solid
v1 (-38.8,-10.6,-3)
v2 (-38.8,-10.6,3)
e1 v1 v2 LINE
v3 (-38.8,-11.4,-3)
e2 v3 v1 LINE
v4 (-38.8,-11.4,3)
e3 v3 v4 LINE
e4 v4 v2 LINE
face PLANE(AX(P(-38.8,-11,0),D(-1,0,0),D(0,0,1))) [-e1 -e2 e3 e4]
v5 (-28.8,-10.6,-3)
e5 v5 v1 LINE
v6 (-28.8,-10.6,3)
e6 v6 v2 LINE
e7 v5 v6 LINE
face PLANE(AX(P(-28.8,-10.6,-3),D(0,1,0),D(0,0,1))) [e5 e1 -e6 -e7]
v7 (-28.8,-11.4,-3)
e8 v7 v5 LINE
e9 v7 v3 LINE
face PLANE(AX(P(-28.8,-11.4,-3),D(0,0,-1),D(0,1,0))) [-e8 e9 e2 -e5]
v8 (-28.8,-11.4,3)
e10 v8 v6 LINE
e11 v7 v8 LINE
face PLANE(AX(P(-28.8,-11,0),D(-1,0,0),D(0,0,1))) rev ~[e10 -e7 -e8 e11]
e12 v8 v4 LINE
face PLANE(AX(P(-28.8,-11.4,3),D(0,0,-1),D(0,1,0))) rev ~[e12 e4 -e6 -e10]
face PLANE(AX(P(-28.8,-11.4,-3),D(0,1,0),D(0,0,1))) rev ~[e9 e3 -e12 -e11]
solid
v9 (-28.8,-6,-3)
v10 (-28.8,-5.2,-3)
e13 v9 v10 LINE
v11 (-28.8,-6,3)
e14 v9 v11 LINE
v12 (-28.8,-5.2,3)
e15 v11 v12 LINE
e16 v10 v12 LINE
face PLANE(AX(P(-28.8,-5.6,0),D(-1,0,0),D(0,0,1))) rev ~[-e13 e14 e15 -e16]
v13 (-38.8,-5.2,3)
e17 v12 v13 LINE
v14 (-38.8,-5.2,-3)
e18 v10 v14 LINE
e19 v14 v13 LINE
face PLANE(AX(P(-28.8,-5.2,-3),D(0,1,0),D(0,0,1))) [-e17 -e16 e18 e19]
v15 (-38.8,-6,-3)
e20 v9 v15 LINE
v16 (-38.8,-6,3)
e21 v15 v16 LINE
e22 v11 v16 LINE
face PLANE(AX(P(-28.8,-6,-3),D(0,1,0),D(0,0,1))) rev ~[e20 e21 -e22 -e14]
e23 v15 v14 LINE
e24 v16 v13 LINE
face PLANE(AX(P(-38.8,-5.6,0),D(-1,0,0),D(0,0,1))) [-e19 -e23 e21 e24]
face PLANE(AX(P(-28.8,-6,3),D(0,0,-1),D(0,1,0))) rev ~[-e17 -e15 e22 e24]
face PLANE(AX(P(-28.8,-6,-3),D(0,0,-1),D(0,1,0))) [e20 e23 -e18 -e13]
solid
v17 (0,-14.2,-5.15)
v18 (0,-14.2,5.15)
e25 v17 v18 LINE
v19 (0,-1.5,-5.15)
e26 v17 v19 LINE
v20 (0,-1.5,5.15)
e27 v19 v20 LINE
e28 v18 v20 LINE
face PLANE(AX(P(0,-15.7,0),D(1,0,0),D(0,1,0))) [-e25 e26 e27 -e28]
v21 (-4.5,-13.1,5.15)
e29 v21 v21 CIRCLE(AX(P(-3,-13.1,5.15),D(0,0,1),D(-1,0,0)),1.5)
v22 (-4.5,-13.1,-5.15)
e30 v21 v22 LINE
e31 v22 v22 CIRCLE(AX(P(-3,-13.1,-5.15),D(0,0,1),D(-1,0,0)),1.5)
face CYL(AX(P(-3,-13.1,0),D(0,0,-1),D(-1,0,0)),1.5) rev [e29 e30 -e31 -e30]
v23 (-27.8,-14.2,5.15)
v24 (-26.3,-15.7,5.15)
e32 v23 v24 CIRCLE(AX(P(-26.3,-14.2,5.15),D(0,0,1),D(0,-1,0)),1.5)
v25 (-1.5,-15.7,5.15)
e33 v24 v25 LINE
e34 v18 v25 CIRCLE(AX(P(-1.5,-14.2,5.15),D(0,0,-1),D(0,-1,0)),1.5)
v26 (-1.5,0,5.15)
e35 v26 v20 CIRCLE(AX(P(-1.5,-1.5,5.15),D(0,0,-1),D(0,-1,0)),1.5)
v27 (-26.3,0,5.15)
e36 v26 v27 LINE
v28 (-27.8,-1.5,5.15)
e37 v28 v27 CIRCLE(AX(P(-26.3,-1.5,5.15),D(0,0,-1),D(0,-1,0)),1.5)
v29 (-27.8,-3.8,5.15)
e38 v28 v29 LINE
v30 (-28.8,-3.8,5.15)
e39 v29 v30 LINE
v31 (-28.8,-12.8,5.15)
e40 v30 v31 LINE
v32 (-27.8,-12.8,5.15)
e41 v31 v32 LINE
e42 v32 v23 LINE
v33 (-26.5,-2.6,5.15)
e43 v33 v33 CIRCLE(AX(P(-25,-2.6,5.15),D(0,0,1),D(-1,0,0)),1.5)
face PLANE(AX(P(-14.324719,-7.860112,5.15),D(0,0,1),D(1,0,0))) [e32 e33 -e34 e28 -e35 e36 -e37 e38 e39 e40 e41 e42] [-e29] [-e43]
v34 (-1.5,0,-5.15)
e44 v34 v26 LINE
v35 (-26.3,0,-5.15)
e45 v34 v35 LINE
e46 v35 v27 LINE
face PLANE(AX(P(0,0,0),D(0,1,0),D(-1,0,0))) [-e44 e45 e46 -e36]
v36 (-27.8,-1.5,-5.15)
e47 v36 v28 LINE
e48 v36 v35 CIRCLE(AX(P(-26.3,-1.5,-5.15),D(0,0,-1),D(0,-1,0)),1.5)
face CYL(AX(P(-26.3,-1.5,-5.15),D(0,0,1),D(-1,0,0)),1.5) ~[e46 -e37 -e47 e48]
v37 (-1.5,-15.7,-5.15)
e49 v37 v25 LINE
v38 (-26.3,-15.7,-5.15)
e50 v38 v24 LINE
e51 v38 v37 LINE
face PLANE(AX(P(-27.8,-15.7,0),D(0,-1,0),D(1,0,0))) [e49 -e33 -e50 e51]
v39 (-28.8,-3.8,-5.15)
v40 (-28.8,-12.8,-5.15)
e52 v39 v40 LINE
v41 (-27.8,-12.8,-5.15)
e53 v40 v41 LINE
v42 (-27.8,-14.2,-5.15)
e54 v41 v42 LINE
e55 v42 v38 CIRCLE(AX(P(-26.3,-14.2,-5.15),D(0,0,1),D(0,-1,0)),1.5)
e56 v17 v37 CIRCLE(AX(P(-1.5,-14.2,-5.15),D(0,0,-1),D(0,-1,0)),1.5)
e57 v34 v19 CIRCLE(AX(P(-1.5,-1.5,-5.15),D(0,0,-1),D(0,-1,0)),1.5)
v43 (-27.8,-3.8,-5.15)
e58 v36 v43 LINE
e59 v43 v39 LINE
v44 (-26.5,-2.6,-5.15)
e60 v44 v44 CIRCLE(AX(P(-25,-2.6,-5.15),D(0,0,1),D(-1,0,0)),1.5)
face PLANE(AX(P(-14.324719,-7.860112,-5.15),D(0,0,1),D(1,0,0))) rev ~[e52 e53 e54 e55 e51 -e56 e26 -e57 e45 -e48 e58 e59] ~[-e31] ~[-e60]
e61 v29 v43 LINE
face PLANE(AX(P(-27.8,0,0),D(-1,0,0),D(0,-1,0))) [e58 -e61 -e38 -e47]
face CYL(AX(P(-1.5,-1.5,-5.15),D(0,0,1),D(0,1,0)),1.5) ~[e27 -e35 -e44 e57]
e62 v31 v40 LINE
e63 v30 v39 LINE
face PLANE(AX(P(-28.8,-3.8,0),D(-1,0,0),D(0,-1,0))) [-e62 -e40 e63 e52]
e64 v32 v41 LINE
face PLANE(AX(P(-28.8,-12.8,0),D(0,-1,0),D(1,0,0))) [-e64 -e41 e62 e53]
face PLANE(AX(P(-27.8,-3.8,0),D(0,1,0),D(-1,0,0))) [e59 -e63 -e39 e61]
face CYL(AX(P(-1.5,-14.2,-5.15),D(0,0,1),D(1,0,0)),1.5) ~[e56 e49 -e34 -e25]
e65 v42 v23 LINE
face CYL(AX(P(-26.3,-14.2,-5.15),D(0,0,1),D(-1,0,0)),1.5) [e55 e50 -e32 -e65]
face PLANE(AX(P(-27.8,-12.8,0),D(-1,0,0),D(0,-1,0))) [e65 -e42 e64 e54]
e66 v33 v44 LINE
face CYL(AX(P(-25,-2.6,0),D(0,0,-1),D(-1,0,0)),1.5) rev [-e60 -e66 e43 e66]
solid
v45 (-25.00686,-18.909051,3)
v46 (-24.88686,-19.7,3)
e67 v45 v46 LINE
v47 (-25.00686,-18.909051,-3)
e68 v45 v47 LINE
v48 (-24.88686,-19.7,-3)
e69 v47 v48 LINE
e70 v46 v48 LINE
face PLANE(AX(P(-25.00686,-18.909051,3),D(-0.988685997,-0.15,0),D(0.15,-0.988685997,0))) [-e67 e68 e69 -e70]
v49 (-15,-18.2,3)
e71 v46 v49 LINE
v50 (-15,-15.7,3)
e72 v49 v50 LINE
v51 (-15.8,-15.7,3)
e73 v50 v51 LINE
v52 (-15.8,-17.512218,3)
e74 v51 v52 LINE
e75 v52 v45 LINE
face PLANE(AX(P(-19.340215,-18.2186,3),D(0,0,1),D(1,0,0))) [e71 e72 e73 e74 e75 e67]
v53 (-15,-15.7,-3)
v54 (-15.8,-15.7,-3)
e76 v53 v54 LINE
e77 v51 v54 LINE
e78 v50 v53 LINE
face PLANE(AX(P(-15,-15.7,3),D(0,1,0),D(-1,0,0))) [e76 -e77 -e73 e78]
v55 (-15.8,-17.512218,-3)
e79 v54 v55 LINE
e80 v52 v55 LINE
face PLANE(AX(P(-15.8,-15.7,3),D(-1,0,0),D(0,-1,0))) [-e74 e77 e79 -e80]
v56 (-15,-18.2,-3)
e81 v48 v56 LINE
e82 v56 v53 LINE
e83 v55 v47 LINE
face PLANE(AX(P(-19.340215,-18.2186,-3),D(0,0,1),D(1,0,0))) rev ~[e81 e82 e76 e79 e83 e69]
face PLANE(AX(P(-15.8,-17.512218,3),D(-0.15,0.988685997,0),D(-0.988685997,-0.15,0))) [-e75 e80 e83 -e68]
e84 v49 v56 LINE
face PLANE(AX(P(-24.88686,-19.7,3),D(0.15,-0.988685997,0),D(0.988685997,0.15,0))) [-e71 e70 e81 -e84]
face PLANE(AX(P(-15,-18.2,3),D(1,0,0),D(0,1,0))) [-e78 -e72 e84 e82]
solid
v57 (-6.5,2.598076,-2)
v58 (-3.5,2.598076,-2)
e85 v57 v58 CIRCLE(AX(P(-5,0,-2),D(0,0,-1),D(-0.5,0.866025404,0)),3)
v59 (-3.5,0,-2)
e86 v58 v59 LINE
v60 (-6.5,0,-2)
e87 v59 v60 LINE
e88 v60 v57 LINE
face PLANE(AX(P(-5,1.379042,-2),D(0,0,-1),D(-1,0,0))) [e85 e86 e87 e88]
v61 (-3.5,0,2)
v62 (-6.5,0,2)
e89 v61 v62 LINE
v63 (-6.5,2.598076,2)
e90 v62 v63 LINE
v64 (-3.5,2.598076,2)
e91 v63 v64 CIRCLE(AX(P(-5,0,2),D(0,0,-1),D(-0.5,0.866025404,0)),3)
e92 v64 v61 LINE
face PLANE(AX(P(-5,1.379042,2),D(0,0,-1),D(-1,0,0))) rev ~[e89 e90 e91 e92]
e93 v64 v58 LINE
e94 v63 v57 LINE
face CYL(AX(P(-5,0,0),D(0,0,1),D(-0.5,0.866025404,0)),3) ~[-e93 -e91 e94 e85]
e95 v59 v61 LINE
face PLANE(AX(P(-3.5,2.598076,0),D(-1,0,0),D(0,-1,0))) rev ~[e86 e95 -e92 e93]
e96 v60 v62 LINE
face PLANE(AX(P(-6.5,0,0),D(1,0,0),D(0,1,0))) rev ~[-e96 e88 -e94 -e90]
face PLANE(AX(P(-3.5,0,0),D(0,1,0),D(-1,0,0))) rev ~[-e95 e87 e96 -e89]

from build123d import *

# Parameters (mm, degrees)
ESQUISSE1_R          = 1.5
BOSS_EXTRU_1_DEPTH   = 5.15
ESQUISSE2_W          = 6
ESQUISSE2_H          = 0.8
BOSS_EXTRU_2_DEPTH   = 10
BOSS_EXTRU_2_2_DEPTH = 10
BOSS_EXTRU_3_DEPTH   = 6
BOSS_EXTRU_4_DEPTH   = 2
CONG_1_R             = 1.5


with BuildPart() as part:
    # Esquisse1 → Boss.-Extru.1 (new, symmetric)
    with BuildSketch(Plane.XY):
        Polygon((-27.8, -12.8), (-27.8, -15.7), (0, -15.7), (0, 0), (-27.8, 0), (-27.8, -3.8), (-28.8, -3.8), (-28.8, -12.8), align=None)
        with Locations(Location((-25, -2.6, 0), (0, 0, 180))):
            Circle(ESQUISSE1_R, mode=Mode.SUBTRACT)
        with Locations(Location((-3, -13.1, 0), (0, 0, 180))):
            Circle(ESQUISSE1_R, mode=Mode.SUBTRACT)
    extrude(amount=BOSS_EXTRU_1_DEPTH, both=True)

    # Congé1
    cong_1_edges = [part.edges().sort_by_distance(p)[0] for p in [
        (0, -15.7, 0),
        (-27.8, -15.7, 0),
        (-27.8, 0, 0),
        (0, 0, 0),
    ]]
    fillet(cong_1_edges, radius=CONG_1_R)


with BuildPart() as body_2:
    # Esquisse2 → Boss.-Extru.2 (new body)
    with BuildSketch(Plane.ZY.offset(28.8)):
        with Locations((0, -5.6)):
            Rectangle(ESQUISSE2_W, ESQUISSE2_H)
    extrude(amount=BOSS_EXTRU_2_DEPTH)


with BuildPart() as body_3:
    # Esquisse2 → Boss.-Extru.2 2 (new body)
    with BuildSketch(Plane.ZY.offset(28.8)):
        with Locations((0, -11)):
            Rectangle(ESQUISSE2_W, ESQUISSE2_H)
    extrude(amount=BOSS_EXTRU_2_2_DEPTH)


with BuildPart() as body_4:
    # Esquisse3 → Boss.-Extru.3 (new body)
    with BuildSketch(Plane.XY.offset(3)):
        Polygon((-25.006859967, -18.909051203), (-24.886859967, -19.7), (-15, -18.2), (-15, -15.7), (-15.8, -15.7), (-15.8, -17.512218437), align=None)
    extrude(amount=-BOSS_EXTRU_3_DEPTH)


with BuildPart() as body_5:
    # Esquisse4 → Boss.-Extru.4 (new, symmetric)
    with BuildSketch(Plane.XY):
        with BuildLine():
            Line((-6.5, 0), (-6.5, 2.598076211))
            ThreePointArc((-6.5, 2.598076211), (-5, 3), (-3.5, 2.598076211))
            Line((-3.5, 2.598076211), (-3.5, 0))
            Line((-3.5, 0), (-6.5, 0))
        make_face()
    extrude(amount=BOSS_EXTRU_4_DEPTH, both=True)


solid = Compound([part.part, body_2.part, body_3.part, body_4.part, body_5.part])
